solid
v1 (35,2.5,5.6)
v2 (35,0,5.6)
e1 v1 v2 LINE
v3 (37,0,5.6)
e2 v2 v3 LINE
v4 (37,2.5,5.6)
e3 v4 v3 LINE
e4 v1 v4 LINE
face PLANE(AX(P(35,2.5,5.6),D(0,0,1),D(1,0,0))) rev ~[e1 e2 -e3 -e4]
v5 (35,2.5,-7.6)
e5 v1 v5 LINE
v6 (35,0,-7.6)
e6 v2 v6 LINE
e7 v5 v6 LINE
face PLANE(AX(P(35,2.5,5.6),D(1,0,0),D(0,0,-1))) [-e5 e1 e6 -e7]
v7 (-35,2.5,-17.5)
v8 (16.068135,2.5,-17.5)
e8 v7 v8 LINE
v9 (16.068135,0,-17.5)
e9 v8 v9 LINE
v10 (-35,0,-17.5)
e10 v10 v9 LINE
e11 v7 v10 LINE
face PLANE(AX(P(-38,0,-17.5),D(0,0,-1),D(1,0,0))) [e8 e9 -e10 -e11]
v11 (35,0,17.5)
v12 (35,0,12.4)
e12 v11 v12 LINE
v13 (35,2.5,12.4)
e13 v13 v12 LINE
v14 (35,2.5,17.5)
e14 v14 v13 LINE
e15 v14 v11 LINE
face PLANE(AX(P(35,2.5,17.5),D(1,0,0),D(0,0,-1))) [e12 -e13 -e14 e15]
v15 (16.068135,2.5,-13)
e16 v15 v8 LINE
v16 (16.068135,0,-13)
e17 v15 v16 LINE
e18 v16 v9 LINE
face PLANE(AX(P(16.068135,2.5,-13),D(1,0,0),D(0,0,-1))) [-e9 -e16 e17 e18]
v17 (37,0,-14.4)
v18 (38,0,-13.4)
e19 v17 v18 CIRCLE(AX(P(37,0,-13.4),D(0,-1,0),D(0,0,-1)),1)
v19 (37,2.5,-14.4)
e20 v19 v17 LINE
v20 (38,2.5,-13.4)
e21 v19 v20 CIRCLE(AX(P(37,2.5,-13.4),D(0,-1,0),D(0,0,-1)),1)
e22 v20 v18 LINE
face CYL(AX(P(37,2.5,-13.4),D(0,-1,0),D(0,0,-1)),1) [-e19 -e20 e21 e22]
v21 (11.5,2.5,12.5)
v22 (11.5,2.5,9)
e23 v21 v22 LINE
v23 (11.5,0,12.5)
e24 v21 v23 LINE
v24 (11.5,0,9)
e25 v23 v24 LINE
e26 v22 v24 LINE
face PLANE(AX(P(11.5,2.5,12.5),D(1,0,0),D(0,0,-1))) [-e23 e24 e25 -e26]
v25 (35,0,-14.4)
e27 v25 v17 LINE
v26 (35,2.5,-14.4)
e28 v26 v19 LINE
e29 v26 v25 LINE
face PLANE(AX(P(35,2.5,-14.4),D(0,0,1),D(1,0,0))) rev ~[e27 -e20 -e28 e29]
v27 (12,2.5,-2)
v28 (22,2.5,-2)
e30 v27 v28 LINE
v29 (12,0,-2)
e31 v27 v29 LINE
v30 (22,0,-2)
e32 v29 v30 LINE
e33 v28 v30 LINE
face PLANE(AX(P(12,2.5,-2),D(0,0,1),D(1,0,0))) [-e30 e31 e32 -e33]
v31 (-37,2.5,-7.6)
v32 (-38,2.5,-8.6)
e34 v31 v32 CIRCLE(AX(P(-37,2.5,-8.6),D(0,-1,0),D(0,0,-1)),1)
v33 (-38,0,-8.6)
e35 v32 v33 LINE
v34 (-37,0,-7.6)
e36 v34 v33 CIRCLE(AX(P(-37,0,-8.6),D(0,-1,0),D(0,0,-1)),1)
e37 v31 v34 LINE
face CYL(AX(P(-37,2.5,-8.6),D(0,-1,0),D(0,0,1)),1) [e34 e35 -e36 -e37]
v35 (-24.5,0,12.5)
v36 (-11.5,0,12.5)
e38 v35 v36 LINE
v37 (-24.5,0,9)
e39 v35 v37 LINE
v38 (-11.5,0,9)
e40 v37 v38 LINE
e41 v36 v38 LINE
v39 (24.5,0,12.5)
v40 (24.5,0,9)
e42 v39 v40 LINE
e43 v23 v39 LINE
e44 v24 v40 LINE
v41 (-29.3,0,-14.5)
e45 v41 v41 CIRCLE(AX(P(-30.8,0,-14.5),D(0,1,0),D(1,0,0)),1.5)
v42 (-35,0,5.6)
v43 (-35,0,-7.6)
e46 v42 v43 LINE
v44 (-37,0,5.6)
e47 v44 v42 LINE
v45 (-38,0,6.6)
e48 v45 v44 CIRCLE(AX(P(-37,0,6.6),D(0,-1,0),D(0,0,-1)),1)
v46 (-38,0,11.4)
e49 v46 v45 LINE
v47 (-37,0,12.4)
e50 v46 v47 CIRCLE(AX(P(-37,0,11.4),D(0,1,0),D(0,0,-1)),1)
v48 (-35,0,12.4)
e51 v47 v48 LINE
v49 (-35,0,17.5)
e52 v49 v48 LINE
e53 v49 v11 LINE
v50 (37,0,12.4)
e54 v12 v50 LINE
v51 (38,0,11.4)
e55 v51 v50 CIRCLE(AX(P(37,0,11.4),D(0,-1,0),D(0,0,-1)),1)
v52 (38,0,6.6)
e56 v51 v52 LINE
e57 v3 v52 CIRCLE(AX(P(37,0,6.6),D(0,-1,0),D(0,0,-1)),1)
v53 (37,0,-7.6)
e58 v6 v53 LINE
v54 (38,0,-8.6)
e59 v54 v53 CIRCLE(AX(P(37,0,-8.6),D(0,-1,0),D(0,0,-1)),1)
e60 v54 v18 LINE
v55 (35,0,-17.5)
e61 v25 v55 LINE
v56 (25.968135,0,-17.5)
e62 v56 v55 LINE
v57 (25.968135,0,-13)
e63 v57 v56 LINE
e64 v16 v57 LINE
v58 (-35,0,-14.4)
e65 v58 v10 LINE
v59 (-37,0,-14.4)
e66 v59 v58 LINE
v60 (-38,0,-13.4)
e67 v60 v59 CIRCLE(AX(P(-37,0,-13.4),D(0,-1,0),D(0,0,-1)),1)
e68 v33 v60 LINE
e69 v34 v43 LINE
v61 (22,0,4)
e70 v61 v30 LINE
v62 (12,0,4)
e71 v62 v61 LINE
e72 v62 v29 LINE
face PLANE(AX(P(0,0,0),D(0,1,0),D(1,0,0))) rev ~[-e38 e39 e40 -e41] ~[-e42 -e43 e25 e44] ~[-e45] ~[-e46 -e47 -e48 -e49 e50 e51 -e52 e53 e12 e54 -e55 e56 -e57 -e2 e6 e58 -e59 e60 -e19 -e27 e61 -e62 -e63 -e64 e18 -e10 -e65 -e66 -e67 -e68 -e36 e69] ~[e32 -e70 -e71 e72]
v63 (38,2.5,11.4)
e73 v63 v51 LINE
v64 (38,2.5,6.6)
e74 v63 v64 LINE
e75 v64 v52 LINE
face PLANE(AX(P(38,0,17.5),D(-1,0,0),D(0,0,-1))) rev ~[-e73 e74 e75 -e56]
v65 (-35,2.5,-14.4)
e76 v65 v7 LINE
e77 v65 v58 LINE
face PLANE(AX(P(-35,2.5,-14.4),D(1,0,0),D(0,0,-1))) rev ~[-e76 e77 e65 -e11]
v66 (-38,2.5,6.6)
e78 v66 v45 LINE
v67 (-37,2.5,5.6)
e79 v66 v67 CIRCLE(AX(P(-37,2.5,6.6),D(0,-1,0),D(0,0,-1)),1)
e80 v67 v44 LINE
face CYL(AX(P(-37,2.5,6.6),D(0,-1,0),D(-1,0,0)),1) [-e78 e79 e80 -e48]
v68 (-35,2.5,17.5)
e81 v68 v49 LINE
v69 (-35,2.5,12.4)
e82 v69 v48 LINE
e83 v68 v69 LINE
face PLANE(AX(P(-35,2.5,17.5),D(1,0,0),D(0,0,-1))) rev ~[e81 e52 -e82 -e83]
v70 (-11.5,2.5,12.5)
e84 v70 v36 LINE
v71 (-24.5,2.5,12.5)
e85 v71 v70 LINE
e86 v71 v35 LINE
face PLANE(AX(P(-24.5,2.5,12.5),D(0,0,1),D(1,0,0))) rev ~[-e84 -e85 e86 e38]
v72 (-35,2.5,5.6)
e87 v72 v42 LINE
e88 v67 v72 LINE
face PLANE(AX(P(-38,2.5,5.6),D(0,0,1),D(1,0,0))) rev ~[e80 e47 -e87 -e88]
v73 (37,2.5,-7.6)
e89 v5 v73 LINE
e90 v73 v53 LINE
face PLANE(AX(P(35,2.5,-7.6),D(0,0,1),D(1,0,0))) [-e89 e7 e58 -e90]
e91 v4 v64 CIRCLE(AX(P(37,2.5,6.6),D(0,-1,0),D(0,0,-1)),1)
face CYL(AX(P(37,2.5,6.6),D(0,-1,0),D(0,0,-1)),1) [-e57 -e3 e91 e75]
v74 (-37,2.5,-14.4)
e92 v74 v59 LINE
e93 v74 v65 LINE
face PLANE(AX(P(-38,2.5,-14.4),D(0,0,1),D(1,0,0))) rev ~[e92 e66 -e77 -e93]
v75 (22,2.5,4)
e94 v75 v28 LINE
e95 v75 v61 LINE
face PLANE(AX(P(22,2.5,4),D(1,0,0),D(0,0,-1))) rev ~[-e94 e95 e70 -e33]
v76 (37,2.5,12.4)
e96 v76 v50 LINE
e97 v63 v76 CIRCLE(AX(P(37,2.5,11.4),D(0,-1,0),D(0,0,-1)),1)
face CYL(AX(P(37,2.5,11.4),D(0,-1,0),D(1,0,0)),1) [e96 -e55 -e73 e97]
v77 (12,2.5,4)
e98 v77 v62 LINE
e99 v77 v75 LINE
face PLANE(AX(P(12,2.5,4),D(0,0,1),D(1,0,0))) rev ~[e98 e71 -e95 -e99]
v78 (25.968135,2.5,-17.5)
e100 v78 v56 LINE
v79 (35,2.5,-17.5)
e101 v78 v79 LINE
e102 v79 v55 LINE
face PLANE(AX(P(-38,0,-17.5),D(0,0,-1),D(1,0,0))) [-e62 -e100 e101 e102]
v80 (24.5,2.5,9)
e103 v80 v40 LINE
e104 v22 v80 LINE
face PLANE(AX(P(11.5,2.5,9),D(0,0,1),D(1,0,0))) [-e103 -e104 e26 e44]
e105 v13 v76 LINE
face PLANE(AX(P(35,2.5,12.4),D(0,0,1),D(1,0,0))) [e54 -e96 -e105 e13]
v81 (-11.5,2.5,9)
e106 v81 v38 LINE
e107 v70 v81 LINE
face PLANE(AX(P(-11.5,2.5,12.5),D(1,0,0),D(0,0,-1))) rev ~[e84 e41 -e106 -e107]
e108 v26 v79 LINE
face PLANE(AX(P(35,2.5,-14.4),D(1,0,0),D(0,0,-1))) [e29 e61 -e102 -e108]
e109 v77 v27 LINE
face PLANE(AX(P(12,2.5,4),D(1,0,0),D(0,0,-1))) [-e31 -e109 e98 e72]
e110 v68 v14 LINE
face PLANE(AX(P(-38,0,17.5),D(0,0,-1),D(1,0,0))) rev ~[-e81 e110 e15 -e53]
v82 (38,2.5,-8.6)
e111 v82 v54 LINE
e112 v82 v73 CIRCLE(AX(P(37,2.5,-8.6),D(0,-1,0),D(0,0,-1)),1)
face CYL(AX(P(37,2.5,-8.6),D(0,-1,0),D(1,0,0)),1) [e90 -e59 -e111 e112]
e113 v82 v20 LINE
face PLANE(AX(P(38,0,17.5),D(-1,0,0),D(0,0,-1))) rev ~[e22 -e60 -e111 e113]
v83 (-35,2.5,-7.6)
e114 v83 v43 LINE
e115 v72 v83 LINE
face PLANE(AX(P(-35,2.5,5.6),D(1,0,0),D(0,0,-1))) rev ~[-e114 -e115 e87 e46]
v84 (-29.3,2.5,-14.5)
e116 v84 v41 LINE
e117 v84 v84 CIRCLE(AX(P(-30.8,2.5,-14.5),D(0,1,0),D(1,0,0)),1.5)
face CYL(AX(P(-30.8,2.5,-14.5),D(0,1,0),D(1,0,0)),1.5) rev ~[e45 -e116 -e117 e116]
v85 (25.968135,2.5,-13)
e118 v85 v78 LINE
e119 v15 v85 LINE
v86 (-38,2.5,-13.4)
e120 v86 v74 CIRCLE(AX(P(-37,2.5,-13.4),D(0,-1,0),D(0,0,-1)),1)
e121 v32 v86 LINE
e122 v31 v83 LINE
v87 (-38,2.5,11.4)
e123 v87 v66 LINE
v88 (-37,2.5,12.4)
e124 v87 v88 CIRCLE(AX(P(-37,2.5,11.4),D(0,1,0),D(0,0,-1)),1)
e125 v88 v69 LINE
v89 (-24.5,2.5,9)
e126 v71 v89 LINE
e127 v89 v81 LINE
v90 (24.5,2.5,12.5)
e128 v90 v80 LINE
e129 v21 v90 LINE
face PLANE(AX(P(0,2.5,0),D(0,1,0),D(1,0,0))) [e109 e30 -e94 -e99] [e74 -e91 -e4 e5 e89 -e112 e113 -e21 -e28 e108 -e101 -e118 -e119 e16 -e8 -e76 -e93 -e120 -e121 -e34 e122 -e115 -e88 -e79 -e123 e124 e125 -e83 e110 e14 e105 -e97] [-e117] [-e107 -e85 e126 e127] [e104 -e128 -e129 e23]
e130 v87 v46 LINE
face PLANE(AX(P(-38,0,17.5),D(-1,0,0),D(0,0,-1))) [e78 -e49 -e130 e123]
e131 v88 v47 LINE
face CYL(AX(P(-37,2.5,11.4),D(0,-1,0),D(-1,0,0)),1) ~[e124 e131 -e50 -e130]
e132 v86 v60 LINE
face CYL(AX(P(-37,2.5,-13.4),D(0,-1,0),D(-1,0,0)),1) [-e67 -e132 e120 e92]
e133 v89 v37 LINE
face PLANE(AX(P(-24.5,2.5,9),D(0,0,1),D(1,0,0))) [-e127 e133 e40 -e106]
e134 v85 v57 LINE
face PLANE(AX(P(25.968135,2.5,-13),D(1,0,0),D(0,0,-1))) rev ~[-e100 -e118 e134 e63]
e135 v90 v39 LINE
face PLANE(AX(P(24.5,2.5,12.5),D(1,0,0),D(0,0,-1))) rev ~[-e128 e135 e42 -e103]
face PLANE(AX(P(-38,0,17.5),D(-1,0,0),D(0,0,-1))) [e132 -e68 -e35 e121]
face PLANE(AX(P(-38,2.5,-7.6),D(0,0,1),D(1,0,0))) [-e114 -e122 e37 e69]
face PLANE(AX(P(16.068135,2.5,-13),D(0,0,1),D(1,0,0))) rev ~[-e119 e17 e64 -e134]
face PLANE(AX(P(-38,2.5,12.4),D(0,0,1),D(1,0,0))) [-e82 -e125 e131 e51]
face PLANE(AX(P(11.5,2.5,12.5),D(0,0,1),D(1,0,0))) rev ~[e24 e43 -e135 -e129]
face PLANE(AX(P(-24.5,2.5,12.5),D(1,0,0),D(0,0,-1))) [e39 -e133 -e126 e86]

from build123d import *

# Parameters (mm, degrees)
SKETCH_1_W          = 76
SKETCH_1_H          = 35
EXTRUDE_1_DEPTH     = 2.5
SKETCH_2_W          = 13
SKETCH_2_H          = 3.5
CUT_EXTRUDE_1_DEPTH = 3.5
SKETCH_3_W          = 3
SKETCH_3_H          = 5.1
SKETCH_3_H_2        = 3.1
SKETCH_3_H_3        = 13.2
CUT_EXTRUDE_2_DEPTH = 3.5
FILLET_1_R          = 1
SKETCH_4_R          = 1.5
SKETCH_4_W          = 9.9
SKETCH_4_H          = 4.5
CUT_EXTRUDE_3_DEPTH = 3.5
SKETCH_5_W          = 10
SKETCH_5_H          = 6
CUT_EXTRUDE_4_DEPTH = 3.5


with BuildPart() as part:
    # 草图1 → 凸台-拉伸1 (new body)
    with BuildSketch(Plane(origin=(0, 0, 0), x_dir=(1, 0, 0), z_dir=(0, 1, 0))):
        Rectangle(SKETCH_1_W, SKETCH_1_H)
    extrude(amount=EXTRUDE_1_DEPTH)

    # 草图2 → 切除-拉伸1 (cut, through all)
    with BuildSketch(Plane(origin=(0, 2.5, 0), x_dir=(1, 0, 0), z_dir=(0, 1, 0))):
        with Locations((-18, -10.75)):
            Rectangle(SKETCH_2_W, SKETCH_2_H)
        with Locations((18, -10.75)):
            Rectangle(SKETCH_2_W, SKETCH_2_H)
    extrude(amount=-CUT_EXTRUDE_1_DEPTH, mode=Mode.SUBTRACT)

    # 草图3 → 切除-拉伸2 (cut, through all)
    with BuildSketch(Plane(origin=(0, 2.5, 0), x_dir=(1, 0, 0), z_dir=(0, 1, 0))):
        with Locations((-36.5, -14.95)):
            Rectangle(SKETCH_3_W, SKETCH_3_H)
        with Locations((-36.5, 15.95)):
            Rectangle(SKETCH_3_W, SKETCH_3_H_2)
        with Locations((-36.5, 1)):
            Rectangle(SKETCH_3_W, SKETCH_3_H_3)
        with Locations((36.5, -14.95)):
            Rectangle(SKETCH_3_W, SKETCH_3_H)
        with Locations((36.5, 1)):
            Rectangle(SKETCH_3_W, SKETCH_3_H_3)
        with Locations((36.5, 15.95)):
            Rectangle(SKETCH_3_W, SKETCH_3_H_2)
    extrude(amount=-CUT_EXTRUDE_2_DEPTH, mode=Mode.SUBTRACT)

    # 圆角1
    fillet_1_edges = [part.edges().sort_by_distance(p)[0] for p in [
        (38, 1.25, -7.6),
        (38, 1.25, 5.6),
        (38, 1.25, -14.4),
        (-38, 1.25, 12.4),
        (-38, 1.25, -14.4),
        (-38, 1.25, 5.6),
        (-38, 1.25, -7.6),
        (38, 1.25, 12.4),
    ]]
    fillet(fillet_1_edges, radius=FILLET_1_R)

    # 草图4 → 切除-拉伸3 (cut, through all)
    with BuildSketch(Plane(origin=(0, 2.5, 0), x_dir=(1, 0, 0), z_dir=(0, 1, 0))):
        with Locations((-30.8, 14.5)):
            Circle(SKETCH_4_R)
        with Locations((21.018135054, 15.25)):
            Rectangle(SKETCH_4_W, SKETCH_4_H)
    extrude(amount=-CUT_EXTRUDE_3_DEPTH, mode=Mode.SUBTRACT)

    # 草图5 → 切除-拉伸4 (cut, through all)
    with BuildSketch(Plane(origin=(0, 2.5, 0), x_dir=(1, 0, 0), z_dir=(0, 1, 0))):
        with Locations((17, -1)):
            Rectangle(SKETCH_5_W, SKETCH_5_H)
    extrude(amount=-CUT_EXTRUDE_4_DEPTH, mode=Mode.SUBTRACT)


solid = part.part
